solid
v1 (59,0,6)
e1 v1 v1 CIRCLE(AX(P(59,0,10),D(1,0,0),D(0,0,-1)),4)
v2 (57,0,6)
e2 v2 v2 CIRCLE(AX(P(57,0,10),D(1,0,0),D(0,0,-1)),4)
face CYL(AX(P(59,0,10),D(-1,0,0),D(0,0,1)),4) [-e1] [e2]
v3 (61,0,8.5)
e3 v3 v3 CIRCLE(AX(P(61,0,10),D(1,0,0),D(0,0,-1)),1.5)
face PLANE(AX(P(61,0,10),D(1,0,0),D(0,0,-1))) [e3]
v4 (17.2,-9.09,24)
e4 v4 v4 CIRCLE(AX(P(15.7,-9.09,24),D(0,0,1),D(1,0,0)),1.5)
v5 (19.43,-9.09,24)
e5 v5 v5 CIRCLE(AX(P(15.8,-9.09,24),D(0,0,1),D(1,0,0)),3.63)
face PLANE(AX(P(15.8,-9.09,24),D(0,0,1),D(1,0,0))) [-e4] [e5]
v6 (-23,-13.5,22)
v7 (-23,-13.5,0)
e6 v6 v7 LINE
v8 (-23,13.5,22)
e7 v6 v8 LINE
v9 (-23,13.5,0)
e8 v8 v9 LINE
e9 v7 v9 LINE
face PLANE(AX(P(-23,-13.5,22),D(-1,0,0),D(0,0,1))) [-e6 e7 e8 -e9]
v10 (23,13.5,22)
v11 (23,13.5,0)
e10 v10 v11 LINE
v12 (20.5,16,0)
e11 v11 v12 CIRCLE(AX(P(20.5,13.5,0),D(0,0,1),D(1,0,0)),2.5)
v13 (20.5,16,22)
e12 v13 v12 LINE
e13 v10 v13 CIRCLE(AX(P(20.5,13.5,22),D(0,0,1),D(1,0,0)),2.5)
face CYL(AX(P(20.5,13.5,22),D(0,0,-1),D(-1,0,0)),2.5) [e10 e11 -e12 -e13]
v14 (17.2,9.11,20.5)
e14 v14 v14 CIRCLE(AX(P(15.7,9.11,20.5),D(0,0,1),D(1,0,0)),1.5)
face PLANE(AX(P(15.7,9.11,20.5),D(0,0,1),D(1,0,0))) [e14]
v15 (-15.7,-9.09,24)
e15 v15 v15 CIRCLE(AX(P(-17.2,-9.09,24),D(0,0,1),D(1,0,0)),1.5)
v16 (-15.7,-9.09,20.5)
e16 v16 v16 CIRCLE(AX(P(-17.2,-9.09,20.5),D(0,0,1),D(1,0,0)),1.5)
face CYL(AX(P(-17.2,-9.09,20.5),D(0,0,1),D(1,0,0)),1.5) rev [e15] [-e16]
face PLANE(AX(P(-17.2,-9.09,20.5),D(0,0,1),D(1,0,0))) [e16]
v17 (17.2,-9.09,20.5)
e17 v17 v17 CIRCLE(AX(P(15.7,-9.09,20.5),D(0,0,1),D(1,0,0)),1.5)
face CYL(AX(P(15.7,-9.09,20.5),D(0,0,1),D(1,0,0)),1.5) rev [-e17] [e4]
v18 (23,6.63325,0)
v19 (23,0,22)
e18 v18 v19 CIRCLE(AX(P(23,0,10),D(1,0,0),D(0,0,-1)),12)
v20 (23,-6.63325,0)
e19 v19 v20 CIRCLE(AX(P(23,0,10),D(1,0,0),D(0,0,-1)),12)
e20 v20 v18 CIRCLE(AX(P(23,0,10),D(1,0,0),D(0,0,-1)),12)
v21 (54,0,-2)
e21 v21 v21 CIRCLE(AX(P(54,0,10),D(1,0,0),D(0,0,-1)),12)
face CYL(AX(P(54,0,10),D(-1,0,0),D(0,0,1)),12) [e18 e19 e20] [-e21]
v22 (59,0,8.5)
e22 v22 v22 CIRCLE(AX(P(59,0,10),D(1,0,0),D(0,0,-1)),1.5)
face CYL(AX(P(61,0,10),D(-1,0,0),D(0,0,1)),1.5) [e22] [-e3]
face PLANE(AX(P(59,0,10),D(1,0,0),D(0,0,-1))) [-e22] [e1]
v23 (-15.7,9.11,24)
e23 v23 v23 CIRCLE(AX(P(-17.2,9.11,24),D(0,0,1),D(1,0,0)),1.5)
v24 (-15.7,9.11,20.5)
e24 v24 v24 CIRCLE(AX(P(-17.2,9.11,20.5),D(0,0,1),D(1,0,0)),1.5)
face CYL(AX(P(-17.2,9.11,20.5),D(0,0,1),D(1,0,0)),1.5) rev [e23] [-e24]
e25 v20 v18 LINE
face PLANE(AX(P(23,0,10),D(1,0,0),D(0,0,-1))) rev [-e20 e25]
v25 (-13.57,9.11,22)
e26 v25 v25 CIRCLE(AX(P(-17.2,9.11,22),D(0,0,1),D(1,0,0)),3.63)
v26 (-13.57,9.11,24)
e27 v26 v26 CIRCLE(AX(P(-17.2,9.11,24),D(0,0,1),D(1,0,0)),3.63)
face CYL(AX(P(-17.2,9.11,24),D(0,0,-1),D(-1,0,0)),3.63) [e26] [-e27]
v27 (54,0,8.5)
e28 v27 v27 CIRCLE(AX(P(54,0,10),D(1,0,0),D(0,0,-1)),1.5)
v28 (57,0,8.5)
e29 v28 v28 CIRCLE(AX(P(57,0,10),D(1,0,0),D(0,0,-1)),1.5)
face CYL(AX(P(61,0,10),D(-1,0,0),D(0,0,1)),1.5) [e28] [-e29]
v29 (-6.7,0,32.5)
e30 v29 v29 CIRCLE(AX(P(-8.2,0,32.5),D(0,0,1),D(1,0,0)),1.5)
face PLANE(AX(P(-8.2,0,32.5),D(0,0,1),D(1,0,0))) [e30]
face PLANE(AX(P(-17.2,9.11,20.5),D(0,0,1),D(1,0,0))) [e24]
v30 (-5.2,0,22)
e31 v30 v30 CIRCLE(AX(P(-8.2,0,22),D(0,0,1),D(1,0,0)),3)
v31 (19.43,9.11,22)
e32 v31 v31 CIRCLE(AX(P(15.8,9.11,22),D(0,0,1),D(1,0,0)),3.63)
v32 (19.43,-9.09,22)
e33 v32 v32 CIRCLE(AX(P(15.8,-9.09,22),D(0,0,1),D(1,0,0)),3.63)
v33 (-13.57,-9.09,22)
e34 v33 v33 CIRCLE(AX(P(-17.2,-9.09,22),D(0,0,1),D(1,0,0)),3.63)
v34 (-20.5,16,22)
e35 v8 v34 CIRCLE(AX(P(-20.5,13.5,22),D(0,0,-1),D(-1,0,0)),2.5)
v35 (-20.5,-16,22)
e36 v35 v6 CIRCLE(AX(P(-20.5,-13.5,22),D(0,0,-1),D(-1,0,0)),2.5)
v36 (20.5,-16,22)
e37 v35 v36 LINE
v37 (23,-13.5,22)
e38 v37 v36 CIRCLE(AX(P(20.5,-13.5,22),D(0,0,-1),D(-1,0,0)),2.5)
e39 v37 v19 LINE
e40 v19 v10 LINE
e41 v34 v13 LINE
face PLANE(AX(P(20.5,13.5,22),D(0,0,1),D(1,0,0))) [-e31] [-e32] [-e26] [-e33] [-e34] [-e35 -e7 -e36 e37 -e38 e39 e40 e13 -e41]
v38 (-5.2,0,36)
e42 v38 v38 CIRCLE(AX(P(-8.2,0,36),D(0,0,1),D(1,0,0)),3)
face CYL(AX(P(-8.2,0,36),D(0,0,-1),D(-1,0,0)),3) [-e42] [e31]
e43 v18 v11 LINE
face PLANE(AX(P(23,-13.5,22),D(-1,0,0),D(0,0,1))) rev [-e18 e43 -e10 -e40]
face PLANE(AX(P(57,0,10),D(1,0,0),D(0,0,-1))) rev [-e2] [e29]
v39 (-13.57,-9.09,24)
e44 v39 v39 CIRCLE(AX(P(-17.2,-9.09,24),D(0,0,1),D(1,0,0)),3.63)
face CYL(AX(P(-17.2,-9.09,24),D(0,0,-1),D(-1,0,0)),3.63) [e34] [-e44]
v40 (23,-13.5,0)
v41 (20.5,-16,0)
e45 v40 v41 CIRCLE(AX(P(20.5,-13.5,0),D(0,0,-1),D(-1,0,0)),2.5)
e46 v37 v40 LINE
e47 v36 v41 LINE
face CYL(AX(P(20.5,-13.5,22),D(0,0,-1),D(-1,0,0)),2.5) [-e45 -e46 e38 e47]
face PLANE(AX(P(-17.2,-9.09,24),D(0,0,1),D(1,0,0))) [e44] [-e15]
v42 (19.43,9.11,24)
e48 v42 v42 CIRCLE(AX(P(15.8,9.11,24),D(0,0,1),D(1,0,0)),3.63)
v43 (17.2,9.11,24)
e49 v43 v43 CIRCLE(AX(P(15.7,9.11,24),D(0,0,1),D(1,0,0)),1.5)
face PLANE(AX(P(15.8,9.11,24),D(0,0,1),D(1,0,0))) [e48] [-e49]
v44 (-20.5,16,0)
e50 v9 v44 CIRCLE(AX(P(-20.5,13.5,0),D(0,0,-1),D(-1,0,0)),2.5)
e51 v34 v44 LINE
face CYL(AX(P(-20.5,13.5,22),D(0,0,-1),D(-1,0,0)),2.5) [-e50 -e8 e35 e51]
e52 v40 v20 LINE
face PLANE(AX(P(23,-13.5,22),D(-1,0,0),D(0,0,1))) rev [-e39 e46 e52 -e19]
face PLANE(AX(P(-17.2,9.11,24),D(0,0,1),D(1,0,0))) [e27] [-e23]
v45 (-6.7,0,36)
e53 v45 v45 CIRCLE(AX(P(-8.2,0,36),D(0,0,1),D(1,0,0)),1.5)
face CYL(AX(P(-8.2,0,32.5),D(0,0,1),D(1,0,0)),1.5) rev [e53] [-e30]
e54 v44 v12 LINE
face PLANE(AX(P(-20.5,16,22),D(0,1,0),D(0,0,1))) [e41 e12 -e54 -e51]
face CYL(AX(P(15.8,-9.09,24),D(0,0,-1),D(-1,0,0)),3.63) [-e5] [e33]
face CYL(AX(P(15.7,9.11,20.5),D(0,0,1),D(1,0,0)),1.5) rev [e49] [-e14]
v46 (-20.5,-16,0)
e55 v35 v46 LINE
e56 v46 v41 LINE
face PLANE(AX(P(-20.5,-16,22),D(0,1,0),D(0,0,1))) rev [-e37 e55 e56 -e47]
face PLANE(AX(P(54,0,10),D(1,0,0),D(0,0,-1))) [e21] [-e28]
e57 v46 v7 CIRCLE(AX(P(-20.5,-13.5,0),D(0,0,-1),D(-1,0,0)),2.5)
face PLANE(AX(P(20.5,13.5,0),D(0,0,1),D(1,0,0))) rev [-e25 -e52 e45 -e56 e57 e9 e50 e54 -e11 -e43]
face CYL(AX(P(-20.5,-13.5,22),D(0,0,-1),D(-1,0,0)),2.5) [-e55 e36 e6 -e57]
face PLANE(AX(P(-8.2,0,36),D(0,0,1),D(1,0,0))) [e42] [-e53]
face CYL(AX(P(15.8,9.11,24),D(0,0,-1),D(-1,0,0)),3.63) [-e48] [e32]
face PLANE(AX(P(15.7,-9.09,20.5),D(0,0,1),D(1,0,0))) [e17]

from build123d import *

# Parameters (mm, degrees)
BOSS_EXTRUDE1_DEPTH = 22
SKETCH2_R           = 3
BOSS_EXTRUDE2_DEPTH = 14
SKETCH5_R           = 3.63
BOSS_EXTRUDE3_DEPTH = 2
SKETCH7_R           = 1.5
CUT_EXTRUDE1_DEPTH  = 3.5
SKETCH8_R           = 12
BOSS_EXTRUDE4_DEPTH = 31
SKETCH9_R           = 1.5
BOSS_EXTRUDE5_DEPTH = 7
SKETCH10_R          = 4
BOSS_EXTRUDE6_DEPTH = 2
SKETCH11_R          = 1.5
CUT_EXTRUDE2_DEPTH  = 3.5


with BuildPart() as part:
    # Sketch1 → Boss-Extrude1 (new body)
    with BuildSketch(Plane.XY):
        with BuildLine():
            Line((-20.5, -16), (20.5, -16))
            ThreePointArc((20.5, -16), (22.267766953, -15.267766953), (23, -13.5))
            Line((23, -13.5), (23, 13.5))
            ThreePointArc((23, 13.5), (22.267766953, 15.267766953), (20.5, 16))
            Line((20.5, 16), (-20.5, 16))
            ThreePointArc((-20.5, 16), (-22.267766953, 15.267766953), (-23, 13.5))
            Line((-23, 13.5), (-23, -13.5))
            ThreePointArc((-23, -13.5), (-22.267766953, -15.267766953), (-20.5, -16))
        make_face()
    extrude(amount=BOSS_EXTRUDE1_DEPTH)

    # Sketch2 → Boss-Extrude2 (add)
    with BuildSketch(Plane.XY.offset(22)):
        with Locations((-8.2, 0)):
            Circle(SKETCH2_R)
    extrude(amount=BOSS_EXTRUDE2_DEPTH)

    # Sketch5 → Boss-Extrude3 (add)
    with BuildSketch(Plane.XY.offset(22)):
        with Locations((-17.2, 9.11)):
            Circle(SKETCH5_R)
        with Locations((-17.2, -9.09)):
            Circle(SKETCH5_R)
        with Locations((15.8, 9.11)):
            Circle(SKETCH5_R)
        with Locations((15.8, -9.09)):
            Circle(SKETCH5_R)
    extrude(amount=BOSS_EXTRUDE3_DEPTH)

    # Sketch7 → Cut-Extrude1 (cut)
    with BuildSketch(Plane.XY.offset(24)):
        with Locations((-17.2, 9.11)):
            Circle(SKETCH7_R)
        with Locations((-17.2, -9.09)):
            Circle(SKETCH7_R)
        with Locations((15.7, 9.11)):
            Circle(SKETCH7_R)
        with Locations((15.7, -9.09)):
            Circle(SKETCH7_R)
    extrude(amount=-CUT_EXTRUDE1_DEPTH, mode=Mode.SUBTRACT)

    # Sketch8 → Boss-Extrude4 (add)
    with BuildSketch(Plane(origin=(23, 0, 0), x_dir=(0, 0, -1), z_dir=(1, 0, 0))):
        with Locations(Location((-10, 0, 0), (0, 0, 180))):
            Circle(SKETCH8_R)
    extrude(amount=BOSS_EXTRUDE4_DEPTH)

    # Sketch9 → Boss-Extrude5 (add)
    with BuildSketch(Plane(origin=(54, 0, 0), x_dir=(0, 0, -1), z_dir=(1, 0, 0))):
        with Locations((-10, 0)):
            Circle(SKETCH9_R)
    extrude(amount=BOSS_EXTRUDE5_DEPTH)

    # Sketch10 → Boss-Extrude6 (add)
    with BuildSketch(Plane(origin=(57, 0, 0), x_dir=(0, 0, -1), z_dir=(1, 0, 0))):
        with Locations((-10, 0)):
            Circle(SKETCH10_R)
    extrude(amount=BOSS_EXTRUDE6_DEPTH)

    # Sketch11 → Cut-Extrude2 (cut)
    with BuildSketch(Plane.XY.offset(36)):
        with Locations((-8.2, 0)):
            Circle(SKETCH11_R)
    extrude(amount=-CUT_EXTRUDE2_DEPTH, mode=Mode.SUBTRACT)


solid = part.part
